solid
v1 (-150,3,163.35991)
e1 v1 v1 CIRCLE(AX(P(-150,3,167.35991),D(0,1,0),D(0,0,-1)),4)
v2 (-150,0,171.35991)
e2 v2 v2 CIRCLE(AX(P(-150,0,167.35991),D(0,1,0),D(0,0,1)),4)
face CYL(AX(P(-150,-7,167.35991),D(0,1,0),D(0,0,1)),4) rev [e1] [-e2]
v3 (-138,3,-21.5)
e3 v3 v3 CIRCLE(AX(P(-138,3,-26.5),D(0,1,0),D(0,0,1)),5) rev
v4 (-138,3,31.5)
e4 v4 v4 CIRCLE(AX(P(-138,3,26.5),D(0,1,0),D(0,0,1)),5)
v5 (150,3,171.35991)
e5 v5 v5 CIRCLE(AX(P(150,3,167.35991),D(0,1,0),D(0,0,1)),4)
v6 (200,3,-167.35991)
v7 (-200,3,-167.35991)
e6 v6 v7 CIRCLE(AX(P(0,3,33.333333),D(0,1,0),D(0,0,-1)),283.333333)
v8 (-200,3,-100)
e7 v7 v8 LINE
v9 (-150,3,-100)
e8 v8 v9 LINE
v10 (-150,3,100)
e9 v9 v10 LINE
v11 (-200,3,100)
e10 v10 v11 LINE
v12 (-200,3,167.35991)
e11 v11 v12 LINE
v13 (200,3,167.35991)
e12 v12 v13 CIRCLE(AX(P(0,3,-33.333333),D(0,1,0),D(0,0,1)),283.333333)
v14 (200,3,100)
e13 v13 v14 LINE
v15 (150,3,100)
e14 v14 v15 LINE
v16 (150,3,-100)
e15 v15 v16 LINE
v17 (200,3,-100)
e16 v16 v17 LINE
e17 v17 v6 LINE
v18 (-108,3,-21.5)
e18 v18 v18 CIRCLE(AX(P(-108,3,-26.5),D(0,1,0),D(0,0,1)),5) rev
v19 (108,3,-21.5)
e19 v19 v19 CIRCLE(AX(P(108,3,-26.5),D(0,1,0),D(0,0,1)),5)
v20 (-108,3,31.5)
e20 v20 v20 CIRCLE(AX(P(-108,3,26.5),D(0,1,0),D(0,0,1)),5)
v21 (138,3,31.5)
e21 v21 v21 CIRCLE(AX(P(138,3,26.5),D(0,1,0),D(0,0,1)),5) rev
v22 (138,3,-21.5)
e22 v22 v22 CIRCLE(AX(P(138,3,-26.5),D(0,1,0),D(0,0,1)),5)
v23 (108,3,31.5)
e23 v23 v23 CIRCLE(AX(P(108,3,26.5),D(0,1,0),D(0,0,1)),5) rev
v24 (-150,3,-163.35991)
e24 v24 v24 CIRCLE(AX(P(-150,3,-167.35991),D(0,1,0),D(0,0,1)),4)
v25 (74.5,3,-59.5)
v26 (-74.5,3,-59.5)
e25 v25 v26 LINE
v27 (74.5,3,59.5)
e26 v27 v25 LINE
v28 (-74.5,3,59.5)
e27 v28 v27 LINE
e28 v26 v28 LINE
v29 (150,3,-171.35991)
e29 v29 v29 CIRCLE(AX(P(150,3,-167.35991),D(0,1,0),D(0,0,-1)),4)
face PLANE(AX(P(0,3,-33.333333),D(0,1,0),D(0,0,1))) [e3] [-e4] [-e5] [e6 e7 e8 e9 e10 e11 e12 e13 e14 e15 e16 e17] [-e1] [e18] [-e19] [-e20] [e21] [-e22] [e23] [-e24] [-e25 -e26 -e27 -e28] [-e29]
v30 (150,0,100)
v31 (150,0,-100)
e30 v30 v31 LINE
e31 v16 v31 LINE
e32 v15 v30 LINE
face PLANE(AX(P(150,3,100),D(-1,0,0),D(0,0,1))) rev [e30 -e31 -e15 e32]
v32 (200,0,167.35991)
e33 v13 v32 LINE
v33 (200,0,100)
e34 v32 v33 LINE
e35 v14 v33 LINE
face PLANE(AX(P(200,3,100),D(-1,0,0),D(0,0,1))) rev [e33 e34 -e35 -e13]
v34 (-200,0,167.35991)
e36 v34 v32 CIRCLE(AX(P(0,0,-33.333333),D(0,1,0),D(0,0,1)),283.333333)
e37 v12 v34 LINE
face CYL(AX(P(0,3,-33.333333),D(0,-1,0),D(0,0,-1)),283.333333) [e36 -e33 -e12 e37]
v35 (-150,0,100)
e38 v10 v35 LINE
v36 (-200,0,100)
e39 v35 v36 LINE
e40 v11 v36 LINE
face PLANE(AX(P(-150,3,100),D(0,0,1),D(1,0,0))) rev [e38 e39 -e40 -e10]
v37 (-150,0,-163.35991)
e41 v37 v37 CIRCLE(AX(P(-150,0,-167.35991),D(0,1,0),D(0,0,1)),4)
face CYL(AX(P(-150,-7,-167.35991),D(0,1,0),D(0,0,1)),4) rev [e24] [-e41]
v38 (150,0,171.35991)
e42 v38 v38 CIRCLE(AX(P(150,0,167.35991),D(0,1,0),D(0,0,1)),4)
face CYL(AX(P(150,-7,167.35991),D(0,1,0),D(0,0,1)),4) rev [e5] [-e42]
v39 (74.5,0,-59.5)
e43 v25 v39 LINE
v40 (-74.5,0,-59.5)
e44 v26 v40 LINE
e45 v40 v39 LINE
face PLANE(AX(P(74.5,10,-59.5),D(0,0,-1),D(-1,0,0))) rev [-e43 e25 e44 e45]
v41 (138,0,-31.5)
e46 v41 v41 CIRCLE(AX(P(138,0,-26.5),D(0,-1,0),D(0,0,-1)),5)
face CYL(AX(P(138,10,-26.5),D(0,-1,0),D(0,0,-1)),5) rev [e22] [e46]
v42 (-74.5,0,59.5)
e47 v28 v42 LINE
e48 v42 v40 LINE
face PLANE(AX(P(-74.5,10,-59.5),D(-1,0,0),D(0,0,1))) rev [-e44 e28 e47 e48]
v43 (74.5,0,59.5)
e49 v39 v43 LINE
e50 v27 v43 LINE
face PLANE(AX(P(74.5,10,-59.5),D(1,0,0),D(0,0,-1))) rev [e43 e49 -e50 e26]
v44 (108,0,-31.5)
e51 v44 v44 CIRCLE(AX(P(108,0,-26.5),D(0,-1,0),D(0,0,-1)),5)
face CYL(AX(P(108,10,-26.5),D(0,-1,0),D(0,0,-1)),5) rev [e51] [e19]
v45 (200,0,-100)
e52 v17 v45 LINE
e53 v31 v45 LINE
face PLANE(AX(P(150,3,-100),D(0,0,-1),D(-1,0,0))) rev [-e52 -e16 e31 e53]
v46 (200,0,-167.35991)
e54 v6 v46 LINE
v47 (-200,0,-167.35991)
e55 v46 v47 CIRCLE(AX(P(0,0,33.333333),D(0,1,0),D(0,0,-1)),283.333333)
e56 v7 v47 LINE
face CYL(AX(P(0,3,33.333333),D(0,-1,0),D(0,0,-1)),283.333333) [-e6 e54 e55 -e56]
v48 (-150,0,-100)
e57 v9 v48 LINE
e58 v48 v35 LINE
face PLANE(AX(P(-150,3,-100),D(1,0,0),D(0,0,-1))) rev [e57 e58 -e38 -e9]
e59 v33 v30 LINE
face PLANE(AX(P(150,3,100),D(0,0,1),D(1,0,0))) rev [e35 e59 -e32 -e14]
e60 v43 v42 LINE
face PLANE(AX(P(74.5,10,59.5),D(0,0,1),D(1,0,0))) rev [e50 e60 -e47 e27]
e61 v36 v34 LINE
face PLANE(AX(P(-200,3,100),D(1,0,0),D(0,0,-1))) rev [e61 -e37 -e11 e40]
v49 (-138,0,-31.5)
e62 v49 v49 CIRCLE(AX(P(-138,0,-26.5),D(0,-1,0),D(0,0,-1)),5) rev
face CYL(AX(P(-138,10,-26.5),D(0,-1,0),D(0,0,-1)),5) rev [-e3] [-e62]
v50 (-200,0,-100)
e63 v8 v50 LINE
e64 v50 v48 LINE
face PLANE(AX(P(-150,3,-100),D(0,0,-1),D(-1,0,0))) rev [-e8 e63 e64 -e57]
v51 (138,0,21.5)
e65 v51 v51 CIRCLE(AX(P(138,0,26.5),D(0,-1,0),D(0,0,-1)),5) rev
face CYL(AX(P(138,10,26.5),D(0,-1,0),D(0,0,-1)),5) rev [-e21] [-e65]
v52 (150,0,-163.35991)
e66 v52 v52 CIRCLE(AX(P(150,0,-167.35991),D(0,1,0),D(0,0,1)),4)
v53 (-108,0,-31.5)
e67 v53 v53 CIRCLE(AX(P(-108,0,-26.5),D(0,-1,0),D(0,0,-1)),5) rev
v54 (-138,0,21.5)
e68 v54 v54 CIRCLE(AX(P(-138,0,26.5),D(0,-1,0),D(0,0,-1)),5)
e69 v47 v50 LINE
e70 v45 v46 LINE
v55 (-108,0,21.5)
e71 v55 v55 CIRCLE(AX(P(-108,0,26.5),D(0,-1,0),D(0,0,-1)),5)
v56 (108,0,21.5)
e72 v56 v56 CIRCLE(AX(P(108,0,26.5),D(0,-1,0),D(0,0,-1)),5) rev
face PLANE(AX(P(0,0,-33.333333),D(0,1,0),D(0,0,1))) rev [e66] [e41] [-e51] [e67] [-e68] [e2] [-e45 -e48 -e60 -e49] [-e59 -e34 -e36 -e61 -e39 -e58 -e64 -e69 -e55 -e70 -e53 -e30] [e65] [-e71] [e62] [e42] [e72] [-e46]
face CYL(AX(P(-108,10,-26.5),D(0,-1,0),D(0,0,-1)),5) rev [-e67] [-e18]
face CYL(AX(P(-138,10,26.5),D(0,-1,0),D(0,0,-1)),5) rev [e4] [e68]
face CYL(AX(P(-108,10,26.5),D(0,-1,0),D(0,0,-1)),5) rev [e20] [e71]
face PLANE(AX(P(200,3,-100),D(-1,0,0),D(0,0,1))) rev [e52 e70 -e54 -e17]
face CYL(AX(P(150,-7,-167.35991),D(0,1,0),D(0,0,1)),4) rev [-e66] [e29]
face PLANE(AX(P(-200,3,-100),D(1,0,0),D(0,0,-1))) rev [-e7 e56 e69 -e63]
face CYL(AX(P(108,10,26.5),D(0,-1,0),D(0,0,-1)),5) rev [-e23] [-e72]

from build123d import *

# Parameters (mm, degrees)
BOSS_EXTRUDE1_DEPTH = 3
SKETCH4_R           = 4
CUT_EXTRUDE1_DEPTH  = 10
SKETCH6_W           = 149
SKETCH6_H           = 119
CUT_EXTRUDE2_DEPTH  = 10
SKETCH7_R           = 5
CUT_EXTRUDE3_DEPTH  = 10


with BuildPart() as part:
    # Sketch3 → Boss-Extrude1 (new body)
    with BuildSketch(Plane(origin=(0, 0, 0), x_dir=(1, 0, 0), z_dir=(0, 1, 0))):
        with BuildLine():
            Line((-150, 100), (-200, 100))
            Line((-200, 100), (-200, 167.359909647))
            ThreePointArc((-200, 167.359909647), (0, 250), (200, 167.359909647))
            Line((200, 167.359909647), (200, 100))
            Line((200, 100), (150, 100))
            Line((150, 100), (150, -100))
            Line((150, -100), (200, -100))
            Line((200, -100), (200, -167.359909647))
            ThreePointArc((200, -167.359909647), (0, -250), (-200, -167.359909647))
            Line((-200, -167.359909647), (-200, -100))
            Line((-200, -100), (-150, -100))
            Line((-150, -100), (-150, 100))
        make_face()
    extrude(amount=BOSS_EXTRUDE1_DEPTH)

    # Sketch4 → Cut-Extrude1 (cut)
    with BuildSketch(Plane(origin=(0, 3, 0), x_dir=(1, 0, 0), z_dir=(0, 1, 0))):
        with Locations(Location((-150, 167.359909647, 0), (0, 0, 270))):
            Circle(SKETCH4_R)
        with Locations(Location((150, 167.359909647, 0), (0, 0, 270))):
            Circle(SKETCH4_R)
        with Locations(Location((150, -167.359909647, 0), (0, 0, 270))):
            Circle(SKETCH4_R)
        with Locations(Location((-150, -167.359909647, 0), (0, 0, 270))):
            Circle(SKETCH4_R)
    extrude(amount=-CUT_EXTRUDE1_DEPTH, mode=Mode.SUBTRACT)

    # Sketch6 → Cut-Extrude2 (cut)
    with BuildSketch(Plane.XZ):
        Rectangle(SKETCH6_W, SKETCH6_H)
    extrude(amount=-CUT_EXTRUDE2_DEPTH, mode=Mode.SUBTRACT)

    # Sketch7 → Cut-Extrude3 (cut)
    with BuildSketch(Plane.XZ):
        with Locations(Location((-138, 26.5, 0), (0, 0, 270))):
            Circle(SKETCH7_R)
        with Locations(Location((-108, 26.5, 0), (0, 0, 270))):
            Circle(SKETCH7_R)
        with Locations(Location((108, 26.5, 0), (0, 0, 270))):
            Circle(SKETCH7_R)
        with Locations(Location((138, 26.5, 0), (0, 0, 270))):
            Circle(SKETCH7_R)
        with Locations(Location((108, -26.5, 0), (0, 0, 270))):
            Circle(SKETCH7_R)
        with Locations(Location((138, -26.5, 0), (0, 0, 270))):
            Circle(SKETCH7_R)
        with Locations(Location((-138, -26.5, 0), (0, 0, 270))):
            Circle(SKETCH7_R)
        with Locations(Location((-108, -26.5, 0), (0, 0, 270))):
            Circle(SKETCH7_R)
    extrude(amount=-CUT_EXTRUDE3_DEPTH, mode=Mode.SUBTRACT)


solid = part.part
